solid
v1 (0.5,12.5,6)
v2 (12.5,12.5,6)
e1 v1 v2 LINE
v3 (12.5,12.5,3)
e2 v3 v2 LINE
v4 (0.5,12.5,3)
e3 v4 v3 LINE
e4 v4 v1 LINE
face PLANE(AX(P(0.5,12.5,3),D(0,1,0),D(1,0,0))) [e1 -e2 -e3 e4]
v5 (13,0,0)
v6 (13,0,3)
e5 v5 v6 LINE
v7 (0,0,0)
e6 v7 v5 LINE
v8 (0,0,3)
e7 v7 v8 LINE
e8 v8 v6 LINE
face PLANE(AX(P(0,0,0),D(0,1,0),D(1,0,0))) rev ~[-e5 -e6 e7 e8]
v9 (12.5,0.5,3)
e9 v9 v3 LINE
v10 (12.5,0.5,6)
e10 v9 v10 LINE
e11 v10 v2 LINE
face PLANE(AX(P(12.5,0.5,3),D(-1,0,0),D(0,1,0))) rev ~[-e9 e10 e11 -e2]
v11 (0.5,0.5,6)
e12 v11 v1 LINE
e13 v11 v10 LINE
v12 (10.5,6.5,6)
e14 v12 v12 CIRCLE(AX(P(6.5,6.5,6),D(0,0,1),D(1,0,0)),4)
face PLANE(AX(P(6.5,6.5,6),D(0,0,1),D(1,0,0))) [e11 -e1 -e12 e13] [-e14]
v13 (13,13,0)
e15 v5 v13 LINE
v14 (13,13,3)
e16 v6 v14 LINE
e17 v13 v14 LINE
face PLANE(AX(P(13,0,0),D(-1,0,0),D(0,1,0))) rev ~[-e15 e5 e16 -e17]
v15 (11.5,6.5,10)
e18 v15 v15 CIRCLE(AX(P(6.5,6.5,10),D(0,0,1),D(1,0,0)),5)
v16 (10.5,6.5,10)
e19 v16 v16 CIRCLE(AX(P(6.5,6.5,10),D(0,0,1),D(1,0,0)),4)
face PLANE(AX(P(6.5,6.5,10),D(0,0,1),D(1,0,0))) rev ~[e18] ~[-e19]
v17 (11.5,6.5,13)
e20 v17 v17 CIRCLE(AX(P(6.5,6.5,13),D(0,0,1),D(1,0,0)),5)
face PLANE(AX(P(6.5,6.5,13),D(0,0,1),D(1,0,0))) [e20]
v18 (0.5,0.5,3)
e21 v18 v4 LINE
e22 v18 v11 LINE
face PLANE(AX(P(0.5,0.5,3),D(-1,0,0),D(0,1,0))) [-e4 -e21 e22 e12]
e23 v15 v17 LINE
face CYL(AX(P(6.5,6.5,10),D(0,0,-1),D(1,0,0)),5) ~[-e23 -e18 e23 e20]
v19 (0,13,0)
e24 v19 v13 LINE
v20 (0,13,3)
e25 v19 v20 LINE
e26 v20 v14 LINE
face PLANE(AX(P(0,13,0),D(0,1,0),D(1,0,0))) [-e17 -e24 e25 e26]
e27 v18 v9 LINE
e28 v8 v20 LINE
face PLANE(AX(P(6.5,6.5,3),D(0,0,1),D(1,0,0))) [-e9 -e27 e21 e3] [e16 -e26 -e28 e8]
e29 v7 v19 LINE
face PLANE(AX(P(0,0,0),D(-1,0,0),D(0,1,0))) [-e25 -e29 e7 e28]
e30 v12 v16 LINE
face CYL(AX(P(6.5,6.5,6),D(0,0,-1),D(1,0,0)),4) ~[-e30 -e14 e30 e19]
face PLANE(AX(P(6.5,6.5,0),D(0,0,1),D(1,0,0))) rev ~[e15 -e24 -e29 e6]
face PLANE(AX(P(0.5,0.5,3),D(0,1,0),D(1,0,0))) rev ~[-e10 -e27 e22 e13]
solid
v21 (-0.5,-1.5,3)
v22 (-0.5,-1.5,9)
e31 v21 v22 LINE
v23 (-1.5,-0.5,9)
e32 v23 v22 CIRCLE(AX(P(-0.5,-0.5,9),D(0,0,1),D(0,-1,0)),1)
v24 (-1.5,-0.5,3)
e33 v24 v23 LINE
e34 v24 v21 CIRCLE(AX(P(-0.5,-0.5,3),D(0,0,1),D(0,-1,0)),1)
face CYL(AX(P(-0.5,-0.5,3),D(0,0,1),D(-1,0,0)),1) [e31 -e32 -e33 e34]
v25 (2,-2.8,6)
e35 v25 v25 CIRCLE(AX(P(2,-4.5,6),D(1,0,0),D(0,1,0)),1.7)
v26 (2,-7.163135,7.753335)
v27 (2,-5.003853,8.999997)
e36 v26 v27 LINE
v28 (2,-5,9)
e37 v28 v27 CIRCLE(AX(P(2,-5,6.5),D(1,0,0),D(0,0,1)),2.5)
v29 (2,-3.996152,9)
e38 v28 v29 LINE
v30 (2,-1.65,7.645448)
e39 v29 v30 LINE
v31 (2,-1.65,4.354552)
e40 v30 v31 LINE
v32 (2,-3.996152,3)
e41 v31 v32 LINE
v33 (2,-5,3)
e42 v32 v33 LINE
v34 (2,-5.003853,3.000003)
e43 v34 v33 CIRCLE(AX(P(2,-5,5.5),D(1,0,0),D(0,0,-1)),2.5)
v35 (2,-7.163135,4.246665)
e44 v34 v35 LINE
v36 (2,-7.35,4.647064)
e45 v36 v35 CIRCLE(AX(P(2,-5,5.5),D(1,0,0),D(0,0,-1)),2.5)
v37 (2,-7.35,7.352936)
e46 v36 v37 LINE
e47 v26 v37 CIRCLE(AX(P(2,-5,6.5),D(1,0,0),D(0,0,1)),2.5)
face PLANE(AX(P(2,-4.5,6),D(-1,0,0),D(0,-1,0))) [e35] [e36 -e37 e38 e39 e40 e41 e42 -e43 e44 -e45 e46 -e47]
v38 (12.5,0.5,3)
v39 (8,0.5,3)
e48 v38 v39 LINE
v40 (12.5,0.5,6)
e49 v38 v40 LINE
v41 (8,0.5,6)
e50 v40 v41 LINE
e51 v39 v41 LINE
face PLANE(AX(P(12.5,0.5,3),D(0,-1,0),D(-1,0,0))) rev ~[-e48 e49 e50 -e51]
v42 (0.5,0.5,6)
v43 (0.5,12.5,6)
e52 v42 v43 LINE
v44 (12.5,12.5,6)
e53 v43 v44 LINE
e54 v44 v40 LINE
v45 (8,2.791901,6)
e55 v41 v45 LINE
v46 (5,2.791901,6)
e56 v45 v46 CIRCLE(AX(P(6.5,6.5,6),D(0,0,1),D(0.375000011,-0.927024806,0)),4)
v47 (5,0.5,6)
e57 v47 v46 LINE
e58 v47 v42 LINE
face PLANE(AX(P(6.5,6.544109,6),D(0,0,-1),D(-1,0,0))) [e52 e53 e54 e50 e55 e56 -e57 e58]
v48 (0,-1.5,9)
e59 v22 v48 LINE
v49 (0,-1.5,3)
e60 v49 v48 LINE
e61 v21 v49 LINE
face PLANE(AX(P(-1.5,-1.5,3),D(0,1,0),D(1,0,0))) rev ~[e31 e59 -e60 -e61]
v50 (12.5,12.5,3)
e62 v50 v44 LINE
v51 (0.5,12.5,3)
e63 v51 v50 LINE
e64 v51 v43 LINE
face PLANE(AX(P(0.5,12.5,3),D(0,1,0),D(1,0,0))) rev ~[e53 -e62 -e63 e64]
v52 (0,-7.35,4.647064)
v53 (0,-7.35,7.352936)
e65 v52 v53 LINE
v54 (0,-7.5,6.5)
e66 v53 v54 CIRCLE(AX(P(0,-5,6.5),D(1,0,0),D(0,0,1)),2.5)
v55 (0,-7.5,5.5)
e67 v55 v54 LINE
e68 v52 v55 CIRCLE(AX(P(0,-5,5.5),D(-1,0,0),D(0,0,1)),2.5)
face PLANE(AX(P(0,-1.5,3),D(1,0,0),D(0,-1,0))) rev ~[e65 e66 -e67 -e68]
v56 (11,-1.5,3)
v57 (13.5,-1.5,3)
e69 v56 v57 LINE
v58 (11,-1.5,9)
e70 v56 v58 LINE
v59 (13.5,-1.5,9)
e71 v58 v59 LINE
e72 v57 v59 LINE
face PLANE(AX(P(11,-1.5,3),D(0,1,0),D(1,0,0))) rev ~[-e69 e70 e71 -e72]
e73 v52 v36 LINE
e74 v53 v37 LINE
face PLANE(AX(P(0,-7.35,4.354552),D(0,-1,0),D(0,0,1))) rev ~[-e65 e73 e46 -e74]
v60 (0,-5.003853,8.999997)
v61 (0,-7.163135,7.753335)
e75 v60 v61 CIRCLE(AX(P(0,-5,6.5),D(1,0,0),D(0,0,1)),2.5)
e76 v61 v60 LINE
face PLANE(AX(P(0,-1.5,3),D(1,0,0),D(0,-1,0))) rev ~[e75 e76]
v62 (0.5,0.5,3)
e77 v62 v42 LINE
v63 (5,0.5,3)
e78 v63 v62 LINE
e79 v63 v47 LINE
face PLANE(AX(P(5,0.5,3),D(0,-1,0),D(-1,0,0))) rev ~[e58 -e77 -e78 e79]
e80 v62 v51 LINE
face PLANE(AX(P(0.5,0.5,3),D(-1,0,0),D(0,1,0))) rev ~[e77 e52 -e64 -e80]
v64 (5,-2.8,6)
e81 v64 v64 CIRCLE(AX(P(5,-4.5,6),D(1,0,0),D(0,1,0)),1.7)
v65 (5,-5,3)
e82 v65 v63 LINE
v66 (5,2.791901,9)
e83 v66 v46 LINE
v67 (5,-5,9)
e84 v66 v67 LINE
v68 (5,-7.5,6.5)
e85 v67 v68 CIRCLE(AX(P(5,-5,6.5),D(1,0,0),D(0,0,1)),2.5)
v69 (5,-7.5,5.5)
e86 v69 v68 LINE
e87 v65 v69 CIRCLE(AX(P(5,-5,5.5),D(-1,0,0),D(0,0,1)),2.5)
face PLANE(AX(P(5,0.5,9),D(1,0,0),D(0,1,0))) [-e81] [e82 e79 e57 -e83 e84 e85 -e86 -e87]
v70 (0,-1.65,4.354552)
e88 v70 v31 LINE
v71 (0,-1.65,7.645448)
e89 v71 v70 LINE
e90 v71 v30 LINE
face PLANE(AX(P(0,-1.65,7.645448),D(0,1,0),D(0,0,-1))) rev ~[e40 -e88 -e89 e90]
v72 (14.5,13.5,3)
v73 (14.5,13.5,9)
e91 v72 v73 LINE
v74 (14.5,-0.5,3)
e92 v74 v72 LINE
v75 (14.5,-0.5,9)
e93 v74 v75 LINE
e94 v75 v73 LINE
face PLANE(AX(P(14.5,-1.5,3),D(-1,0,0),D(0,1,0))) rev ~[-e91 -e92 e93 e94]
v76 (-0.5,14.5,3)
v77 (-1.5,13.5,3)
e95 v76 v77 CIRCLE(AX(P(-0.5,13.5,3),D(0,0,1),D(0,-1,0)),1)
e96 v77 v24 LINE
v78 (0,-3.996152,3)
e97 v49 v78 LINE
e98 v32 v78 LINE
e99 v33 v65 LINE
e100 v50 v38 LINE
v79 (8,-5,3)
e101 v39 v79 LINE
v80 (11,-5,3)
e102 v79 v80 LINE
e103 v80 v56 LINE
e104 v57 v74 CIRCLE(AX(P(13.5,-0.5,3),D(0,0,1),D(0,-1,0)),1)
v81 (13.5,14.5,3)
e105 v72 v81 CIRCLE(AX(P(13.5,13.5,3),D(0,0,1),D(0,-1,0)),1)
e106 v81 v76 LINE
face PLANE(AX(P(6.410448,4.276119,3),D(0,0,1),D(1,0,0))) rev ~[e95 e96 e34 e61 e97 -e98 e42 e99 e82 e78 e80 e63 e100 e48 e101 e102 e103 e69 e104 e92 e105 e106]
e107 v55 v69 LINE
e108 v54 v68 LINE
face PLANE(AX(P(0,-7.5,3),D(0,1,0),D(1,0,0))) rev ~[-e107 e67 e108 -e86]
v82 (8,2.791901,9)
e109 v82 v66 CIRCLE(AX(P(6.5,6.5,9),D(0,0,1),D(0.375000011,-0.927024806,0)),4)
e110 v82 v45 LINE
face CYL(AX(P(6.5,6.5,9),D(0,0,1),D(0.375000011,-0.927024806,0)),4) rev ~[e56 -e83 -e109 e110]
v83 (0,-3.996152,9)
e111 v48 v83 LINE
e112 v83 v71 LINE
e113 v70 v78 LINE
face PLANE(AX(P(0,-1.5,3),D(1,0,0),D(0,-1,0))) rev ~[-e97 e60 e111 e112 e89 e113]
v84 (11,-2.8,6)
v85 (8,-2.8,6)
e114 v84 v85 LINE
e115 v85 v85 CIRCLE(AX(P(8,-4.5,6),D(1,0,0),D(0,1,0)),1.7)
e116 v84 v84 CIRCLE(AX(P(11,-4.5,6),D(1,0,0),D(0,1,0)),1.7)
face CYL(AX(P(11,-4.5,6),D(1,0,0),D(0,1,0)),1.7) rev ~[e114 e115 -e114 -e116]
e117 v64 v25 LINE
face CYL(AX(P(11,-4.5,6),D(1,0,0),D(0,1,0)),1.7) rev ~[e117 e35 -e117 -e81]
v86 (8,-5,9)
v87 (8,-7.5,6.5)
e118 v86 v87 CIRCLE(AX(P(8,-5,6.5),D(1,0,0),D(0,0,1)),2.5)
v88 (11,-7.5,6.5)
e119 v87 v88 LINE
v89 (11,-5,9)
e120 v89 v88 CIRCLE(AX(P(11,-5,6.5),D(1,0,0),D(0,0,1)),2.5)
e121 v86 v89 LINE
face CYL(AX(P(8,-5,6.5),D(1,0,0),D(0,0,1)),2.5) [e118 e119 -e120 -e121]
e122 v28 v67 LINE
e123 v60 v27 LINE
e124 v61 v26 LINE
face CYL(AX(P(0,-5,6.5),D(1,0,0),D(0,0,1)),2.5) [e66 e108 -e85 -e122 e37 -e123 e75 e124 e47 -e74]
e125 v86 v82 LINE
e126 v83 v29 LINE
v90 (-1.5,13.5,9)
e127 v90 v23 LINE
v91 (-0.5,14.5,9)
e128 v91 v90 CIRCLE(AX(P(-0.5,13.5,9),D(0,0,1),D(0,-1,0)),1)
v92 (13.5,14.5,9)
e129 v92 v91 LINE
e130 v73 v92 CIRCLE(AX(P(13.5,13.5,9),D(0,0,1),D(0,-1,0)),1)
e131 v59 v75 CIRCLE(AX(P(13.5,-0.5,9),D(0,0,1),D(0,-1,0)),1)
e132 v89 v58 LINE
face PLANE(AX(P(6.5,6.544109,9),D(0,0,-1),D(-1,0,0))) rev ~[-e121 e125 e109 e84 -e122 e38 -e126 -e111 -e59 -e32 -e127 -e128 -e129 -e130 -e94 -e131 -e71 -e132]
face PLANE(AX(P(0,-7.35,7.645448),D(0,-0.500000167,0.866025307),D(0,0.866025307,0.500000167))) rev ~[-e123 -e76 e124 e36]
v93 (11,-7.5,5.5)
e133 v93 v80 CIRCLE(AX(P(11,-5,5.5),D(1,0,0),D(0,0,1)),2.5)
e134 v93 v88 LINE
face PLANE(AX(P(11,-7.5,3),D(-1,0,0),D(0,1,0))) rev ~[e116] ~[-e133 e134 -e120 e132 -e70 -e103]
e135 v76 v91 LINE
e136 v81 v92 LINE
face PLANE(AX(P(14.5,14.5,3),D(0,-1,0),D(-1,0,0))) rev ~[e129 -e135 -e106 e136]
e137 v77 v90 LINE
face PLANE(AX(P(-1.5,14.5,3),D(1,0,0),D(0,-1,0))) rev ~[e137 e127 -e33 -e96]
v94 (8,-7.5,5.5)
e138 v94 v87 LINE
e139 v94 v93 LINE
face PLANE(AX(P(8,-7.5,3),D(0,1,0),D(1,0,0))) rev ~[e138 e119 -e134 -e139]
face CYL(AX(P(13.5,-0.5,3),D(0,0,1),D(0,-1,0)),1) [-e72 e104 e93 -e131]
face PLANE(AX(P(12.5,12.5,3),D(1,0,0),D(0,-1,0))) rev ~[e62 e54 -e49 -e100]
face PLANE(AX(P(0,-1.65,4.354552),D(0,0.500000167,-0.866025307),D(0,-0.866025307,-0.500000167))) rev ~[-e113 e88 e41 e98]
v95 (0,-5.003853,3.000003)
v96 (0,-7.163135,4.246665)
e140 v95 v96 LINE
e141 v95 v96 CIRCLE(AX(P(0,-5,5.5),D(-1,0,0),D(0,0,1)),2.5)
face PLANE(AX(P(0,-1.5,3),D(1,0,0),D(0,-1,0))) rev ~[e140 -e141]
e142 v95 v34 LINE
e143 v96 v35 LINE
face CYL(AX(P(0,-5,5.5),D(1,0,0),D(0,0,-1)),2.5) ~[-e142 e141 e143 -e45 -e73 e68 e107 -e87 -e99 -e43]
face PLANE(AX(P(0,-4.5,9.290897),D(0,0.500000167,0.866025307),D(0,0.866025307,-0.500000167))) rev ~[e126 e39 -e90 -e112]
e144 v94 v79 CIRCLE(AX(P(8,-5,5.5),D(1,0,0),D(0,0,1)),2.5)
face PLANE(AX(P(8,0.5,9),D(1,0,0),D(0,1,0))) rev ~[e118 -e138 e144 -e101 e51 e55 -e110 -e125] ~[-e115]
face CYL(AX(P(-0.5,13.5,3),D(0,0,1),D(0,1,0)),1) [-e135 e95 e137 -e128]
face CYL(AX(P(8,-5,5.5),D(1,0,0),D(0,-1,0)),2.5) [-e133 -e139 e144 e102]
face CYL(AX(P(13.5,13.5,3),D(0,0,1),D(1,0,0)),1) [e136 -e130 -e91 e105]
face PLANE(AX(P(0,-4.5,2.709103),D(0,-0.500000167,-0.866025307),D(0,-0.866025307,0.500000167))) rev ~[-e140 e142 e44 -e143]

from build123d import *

# Parameters (mm, degrees)
BOX_W           = 13
BOX_H           = 13
BOX_DEPTH       = 3
SKETCH_W        = 12
SKETCH_H        = 12
PAD_DEPTH       = 3
SKETCH001_R     = 4
PAD001_DEPTH    = 4
SKETCH002_R     = 5
PAD002_DEPTH    = 3
PAD003_DEPTH    = 6
PAD004_DEPTH    = 3
SKETCH005_R     = 1.7
POCKET_DEPTH    = 15
FILLET_R        = 2.5
POCKET001_DEPTH = 2
FILLET001_R     = 1


with BuildPart() as camera:
    # Box → Box (new body)
    with BuildSketch(Plane.XY):
        with Locations((6.5, 6.5)):
            Rectangle(BOX_W, BOX_H)
    extrude(amount=BOX_DEPTH)

    # Sketch → Pad (new body)
    with BuildSketch(Plane.XY.offset(3)):
        with Locations((6.5, 6.5)):
            Rectangle(SKETCH_W, SKETCH_H)
    extrude(amount=PAD_DEPTH)

    # Sketch001 → Pad001 (new body)
    with BuildSketch(Plane.XY.offset(6)):
        with Locations((6.5, 6.5)):
            Circle(SKETCH001_R)
    extrude(amount=PAD001_DEPTH)

    # Sketch002 → Pad002 (new body)
    with BuildSketch(Plane.XY.offset(10)):
        with Locations((6.5, 6.5)):
            Circle(SKETCH002_R)
    extrude(amount=PAD002_DEPTH)


with BuildPart() as cam_holder:
    # Sketch003 → Pad003 (new body)
    with BuildSketch(Plane.XY.offset(3)):
        Polygon((0.5, 12.5), (12.5, 12.5), (12.5, 0.5), (8, 0.5), (8, -7.5), (11, -7.5), (11, -1.5), (14.5, -1.5), (14.5, 14.5), (-1.5, 14.5), (-1.5, -1.5), (0, -1.5), (0, -7.5), (5, -7.5), (5, 0.5), (0.5, 0.5), align=None)
    extrude(amount=PAD003_DEPTH)

    # Sketch004 → Pad004 (new body)
    with BuildSketch(Plane.XY.offset(9)):
        with BuildLine():
            ThreePointArc((8, 2.791901), (6.5, 10.5), (5, 2.791901))
            Line((5, 0.5), (5, 2.791901))
            Line((5, 0.5), (0.5, 0.5))
            Line((0.5, 0.5), (0.5, 12.5))
            Line((0.5, 12.5), (12.5, 12.5))
            Line((12.5, 12.5), (12.5, 0.5))
            Line((12.5, 0.5), (8, 0.5))
            Line((8, 0.5), (8, 2.791901))
        make_face()
    extrude(amount=-PAD004_DEPTH)

    # Sketch005 → Pocket (cut)
    with BuildSketch(Plane(origin=(11, 0, 3), x_dir=(0, 1, 0), z_dir=(1, 0, 0))):
        with Locations((-4.5, 3)):
            Circle(SKETCH005_R)
    extrude(amount=-POCKET_DEPTH, mode=Mode.SUBTRACT)

    # Fillet
    fillet_edges = [cam_holder.edges().sort_by_distance(p)[0] for p in [
        (2.5, -7.5, 9),
        (2.5, -7.5, 3),
        (9.5, -7.5, 3),
        (9.5, -7.5, 9),
    ]]
    fillet(fillet_edges, radius=FILLET_R)

    # Sketch006 → Pocket001 (cut)
    with BuildSketch(Plane(origin=(0, 0, 3), x_dir=(0, -1, 0), z_dir=(-1, 0, 0))):
        Polygon((7.35, 4.645448), (4.5, 6.290897), (1.65, 4.645448), (1.65, 1.354552), (4.5, -0.290897), (7.35, 1.354552), align=None)
    extrude(amount=-POCKET001_DEPTH, mode=Mode.SUBTRACT)

    # Fillet001
    fillet001_edges = [cam_holder.edges().sort_by_distance(p)[0] for p in [
        (-1.5, 14.5, 6),
        (14.5, -1.5, 6),
        (14.5, 14.5, 6),
        (-1.5, -1.5, 6),
    ]]
    fillet(fillet001_edges, radius=FILLET001_R)


solid = Compound([camera.part, cam_holder.part])
